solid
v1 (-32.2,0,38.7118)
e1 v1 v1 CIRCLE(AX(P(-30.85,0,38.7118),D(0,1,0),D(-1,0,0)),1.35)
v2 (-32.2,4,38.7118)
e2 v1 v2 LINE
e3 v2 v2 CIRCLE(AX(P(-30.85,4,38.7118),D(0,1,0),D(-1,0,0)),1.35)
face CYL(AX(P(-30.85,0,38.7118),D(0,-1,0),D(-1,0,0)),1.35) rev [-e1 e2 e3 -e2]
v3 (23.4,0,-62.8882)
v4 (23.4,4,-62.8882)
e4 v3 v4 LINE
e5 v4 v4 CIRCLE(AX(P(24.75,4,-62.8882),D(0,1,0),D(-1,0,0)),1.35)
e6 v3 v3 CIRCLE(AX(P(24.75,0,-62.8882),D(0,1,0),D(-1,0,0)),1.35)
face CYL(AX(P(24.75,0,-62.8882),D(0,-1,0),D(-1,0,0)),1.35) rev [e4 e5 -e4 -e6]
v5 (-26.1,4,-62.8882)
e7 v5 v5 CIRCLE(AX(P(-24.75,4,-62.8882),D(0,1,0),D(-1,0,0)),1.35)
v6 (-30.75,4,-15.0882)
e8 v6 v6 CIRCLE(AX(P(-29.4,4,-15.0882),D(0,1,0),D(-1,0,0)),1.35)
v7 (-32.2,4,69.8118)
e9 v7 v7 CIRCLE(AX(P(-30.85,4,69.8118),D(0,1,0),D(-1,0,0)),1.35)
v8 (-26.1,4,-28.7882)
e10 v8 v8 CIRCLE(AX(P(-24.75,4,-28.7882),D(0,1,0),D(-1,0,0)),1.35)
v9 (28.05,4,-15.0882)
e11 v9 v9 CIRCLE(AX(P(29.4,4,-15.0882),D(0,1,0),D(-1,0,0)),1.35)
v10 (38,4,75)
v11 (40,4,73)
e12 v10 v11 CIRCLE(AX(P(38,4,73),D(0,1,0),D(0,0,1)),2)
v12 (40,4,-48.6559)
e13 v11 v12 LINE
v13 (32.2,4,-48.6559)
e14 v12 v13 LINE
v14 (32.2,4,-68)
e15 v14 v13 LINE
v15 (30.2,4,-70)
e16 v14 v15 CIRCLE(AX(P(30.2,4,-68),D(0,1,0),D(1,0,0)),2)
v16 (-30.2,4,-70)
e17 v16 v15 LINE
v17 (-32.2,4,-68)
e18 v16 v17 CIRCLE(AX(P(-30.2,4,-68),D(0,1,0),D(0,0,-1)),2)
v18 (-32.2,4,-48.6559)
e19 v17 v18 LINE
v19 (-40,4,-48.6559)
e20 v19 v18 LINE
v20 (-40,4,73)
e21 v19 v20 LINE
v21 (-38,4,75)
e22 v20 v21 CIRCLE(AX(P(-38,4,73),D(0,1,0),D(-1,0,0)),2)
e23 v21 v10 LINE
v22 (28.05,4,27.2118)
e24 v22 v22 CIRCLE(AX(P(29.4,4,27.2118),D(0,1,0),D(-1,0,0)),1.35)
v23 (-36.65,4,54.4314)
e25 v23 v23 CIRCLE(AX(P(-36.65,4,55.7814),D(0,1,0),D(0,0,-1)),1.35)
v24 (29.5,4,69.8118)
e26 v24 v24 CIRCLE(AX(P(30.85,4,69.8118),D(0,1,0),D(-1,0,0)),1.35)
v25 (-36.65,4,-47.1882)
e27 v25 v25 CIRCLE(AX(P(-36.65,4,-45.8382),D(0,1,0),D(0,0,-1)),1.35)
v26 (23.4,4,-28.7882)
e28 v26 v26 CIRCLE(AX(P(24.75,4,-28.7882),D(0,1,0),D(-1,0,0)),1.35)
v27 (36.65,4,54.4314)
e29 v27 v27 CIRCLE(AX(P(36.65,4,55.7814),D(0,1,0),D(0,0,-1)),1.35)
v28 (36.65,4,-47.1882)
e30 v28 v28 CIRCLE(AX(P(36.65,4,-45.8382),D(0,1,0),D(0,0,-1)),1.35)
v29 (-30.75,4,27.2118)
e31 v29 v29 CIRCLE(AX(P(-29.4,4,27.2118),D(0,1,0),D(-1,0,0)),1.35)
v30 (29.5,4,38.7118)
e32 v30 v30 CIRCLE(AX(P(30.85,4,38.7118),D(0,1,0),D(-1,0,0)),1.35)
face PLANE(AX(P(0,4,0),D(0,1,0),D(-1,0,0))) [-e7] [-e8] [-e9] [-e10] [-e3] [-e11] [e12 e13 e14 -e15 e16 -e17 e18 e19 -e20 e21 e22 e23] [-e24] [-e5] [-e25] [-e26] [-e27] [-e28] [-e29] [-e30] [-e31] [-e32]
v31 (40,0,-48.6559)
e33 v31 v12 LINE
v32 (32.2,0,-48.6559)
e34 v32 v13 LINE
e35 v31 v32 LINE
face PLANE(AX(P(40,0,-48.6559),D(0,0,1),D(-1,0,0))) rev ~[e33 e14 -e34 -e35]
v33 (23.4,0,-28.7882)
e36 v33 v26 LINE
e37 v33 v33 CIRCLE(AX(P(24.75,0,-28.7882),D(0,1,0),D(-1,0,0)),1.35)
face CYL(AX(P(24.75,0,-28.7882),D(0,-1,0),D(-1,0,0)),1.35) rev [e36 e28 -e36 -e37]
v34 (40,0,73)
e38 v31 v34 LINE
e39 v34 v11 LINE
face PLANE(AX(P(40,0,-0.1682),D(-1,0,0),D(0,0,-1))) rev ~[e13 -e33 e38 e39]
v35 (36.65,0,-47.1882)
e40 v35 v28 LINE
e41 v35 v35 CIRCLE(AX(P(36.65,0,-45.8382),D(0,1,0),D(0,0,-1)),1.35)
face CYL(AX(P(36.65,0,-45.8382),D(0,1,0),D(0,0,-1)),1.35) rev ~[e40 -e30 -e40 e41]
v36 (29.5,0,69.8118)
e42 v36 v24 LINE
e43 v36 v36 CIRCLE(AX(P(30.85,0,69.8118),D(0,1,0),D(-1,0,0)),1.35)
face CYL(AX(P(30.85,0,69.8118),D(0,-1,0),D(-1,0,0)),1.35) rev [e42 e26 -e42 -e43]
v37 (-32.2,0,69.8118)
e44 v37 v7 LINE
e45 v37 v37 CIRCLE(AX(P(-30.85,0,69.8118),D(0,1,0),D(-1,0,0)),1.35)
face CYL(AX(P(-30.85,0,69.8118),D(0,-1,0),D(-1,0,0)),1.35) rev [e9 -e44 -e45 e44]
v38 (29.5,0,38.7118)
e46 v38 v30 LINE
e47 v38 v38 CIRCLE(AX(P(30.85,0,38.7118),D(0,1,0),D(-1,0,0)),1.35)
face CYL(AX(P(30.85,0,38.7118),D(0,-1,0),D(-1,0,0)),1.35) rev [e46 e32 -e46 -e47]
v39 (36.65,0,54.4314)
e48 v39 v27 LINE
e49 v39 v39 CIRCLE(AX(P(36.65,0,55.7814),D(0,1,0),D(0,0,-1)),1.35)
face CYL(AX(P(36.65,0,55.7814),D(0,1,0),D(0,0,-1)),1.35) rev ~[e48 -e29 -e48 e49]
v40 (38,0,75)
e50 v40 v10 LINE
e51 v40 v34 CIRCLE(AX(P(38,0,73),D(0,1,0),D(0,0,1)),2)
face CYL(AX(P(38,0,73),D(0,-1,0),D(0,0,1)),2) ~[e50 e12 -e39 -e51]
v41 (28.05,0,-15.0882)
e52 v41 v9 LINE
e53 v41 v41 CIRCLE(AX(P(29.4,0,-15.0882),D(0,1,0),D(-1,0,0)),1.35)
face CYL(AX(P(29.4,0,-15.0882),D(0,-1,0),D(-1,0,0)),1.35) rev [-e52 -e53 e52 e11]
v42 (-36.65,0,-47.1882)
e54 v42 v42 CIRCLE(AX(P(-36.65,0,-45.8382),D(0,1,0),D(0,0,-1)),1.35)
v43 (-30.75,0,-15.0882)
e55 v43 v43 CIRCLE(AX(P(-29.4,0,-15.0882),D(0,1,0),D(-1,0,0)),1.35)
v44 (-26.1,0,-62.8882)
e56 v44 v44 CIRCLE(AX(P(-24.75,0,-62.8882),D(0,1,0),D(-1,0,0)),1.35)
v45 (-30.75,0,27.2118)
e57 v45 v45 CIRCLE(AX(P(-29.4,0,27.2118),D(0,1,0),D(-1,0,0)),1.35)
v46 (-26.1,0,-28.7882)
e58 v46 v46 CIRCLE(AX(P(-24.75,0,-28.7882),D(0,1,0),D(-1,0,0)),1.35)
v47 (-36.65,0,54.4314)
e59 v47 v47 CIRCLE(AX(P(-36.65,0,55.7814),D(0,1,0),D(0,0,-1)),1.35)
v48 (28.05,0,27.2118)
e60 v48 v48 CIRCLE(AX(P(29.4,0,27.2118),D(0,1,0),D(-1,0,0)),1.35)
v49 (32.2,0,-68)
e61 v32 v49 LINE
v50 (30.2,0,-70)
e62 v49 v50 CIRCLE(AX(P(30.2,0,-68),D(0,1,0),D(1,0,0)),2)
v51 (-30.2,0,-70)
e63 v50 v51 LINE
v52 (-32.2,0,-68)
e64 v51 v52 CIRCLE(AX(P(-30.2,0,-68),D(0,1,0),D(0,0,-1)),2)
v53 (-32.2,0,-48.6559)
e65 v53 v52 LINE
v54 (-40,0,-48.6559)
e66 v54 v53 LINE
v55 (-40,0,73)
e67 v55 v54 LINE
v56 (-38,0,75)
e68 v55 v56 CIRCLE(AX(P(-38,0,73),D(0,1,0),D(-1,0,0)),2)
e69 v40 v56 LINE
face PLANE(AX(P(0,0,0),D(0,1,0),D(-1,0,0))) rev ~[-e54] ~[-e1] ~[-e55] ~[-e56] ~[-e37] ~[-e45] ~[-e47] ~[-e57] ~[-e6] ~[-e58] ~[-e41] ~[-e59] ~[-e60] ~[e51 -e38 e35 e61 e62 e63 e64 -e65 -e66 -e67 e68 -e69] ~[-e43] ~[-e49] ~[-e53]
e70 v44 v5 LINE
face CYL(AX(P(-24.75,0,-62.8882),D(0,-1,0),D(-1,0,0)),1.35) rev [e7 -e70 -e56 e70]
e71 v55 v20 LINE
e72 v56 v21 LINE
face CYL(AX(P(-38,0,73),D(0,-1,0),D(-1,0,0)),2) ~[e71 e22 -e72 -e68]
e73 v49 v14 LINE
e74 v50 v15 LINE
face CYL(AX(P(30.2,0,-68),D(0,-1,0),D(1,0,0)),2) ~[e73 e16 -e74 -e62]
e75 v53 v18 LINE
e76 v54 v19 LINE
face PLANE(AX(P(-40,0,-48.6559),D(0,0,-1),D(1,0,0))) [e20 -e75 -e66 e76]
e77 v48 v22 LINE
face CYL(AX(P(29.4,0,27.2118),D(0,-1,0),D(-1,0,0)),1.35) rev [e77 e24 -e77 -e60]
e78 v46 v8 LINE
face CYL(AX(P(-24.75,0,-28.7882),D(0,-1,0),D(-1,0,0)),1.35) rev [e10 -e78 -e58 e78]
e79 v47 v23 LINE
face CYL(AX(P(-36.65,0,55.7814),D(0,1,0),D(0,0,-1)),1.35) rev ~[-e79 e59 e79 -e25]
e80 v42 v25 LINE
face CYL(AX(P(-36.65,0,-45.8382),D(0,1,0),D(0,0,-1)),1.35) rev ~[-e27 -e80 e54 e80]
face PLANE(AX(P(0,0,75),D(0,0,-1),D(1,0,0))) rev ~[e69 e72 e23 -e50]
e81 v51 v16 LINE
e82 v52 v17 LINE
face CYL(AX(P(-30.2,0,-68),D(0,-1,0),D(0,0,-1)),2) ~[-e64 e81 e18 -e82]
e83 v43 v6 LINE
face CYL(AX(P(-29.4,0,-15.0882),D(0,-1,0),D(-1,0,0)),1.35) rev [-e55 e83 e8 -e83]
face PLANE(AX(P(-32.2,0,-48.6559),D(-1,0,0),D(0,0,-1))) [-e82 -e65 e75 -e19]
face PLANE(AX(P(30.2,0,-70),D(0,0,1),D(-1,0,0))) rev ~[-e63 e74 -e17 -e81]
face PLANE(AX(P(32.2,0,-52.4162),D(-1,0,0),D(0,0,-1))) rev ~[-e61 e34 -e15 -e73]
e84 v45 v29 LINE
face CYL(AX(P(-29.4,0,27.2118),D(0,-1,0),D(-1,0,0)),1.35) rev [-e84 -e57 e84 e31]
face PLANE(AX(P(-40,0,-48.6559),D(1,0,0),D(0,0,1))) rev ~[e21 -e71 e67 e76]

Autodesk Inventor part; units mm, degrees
ref_plane "YZ Plane" through (0, 0, 0) normal (1, 0, 0) x (0, 1, 0)
ref_plane "XZ Plane" through (0, 0, 0) normal (0, 1, 0) x (-1, 0, 0)
ref_plane "XY Plane" through (0, 0, 0) normal (0, 0, 1) x (1, 0, 0)
sketch "Esboço1" plane through (0, 0, 0) normal (0, 1, 0) x (-1, 0, 0)
  line L0 (-30.2, -70) -> (30.2, -70)
  line L1 (40, -48.6559) -> (40, 73)
  line L2 (38, 75) -> (-38, 75)
  line L3 (-40, 73) -> (-40, -48.6559)
  line L4 (-40, -70) -> (40, 75) construction
  line L5 (40, -70) -> (-40, 75) construction
  line L6 (0, 77.1224) -> (0, -77.4589)
  line L7 (55.8999, -0.1682) -> (-68.6929, -0.1682)
  arc A0 (40, 73) -> (38, 75) centre (38, 73) ccw
  arc A1 (-38, 75) -> (-40, 73) centre (-38, 73) ccw
  line L8 (-33, 36.5618) -> (33, 36.5618)
  line L9 (33, 36.5618) -> (33, 71.9618)
  line L10 (33, 71.9618) -> (-33, 71.9618)
  line L11 (-33, 71.9618) -> (-33, 36.5618)
  line L12 (-33, 36.5618) -> (33, 71.9618) construction
  line L13 (33, 36.5618) -> (-33, 71.9618) construction
  line L14 (-35.75, -19.4382) -> (35.75, -19.4382)
  line L15 (35.75, -19.4382) -> (35.75, 31.5618)
  line L16 (35.75, 31.5618) -> (-35.75, 31.5618)
  line L17 (-35.75, 31.5618) -> (-35.75, -19.4382)
  line L18 (-35.75, -19.4382) -> (35.75, 31.5618) construction
  line L19 (35.75, -19.4382) -> (-35.75, 31.5618) construction
  line L20 (-27.1, -67.2382) -> (27.1, -67.2382)
  line L21 (29.1, -65.2382) -> (29.1, -26.4382)
  line L22 (27.1, -24.4382) -> (-27.1, -24.4382)
  line L23 (-29.1, -26.4382) -> (-29.1, -65.2382)
  line L24 (-29.1, -67.2382) -> (29.1, -24.4382) construction
  line L25 (29.1, -67.2382) -> (-29.1, -24.4382) construction
  arc A2 (29.1, -26.4382) -> (27.1, -24.4382) centre (27.1, -26.4382) ccw
  arc A3 (27.1, -67.2382) -> (29.1, -65.2382) centre (27.1, -65.2382) ccw
  arc A4 (-29.1, -65.2382) -> (-27.1, -67.2382) centre (-27.1, -65.2382) ccw
  arc A5 (-27.1, -24.4382) -> (-29.1, -26.4382) centre (-27.1, -26.4382) ccw
  circle A6 centre (30.85, 69.8118) radius 1.35
  circle A7 centre (-30.85, 69.8118) radius 1.35
  circle A8 centre (30.85, 38.7118) radius 1.35
  circle A9 centre (-30.85, 38.7118) radius 1.35
  circle A10 centre (29.4, 27.2118) radius 1.35
  circle A11 centre (-29.4, 27.2118) radius 1.35
  circle A12 centre (29.4, -15.0882) radius 1.35
  circle A13 centre (-29.4, -15.0882) radius 1.35
  line L26 (29.1, -45.8382) -> (-29.1, -45.8382)
  circle A14 centre (24.75, -28.7882) radius 1.35
  circle A15 centre (-24.75, -28.7882) radius 1.35
  circle A16 centre (24.75, -62.8882) radius 1.35
  circle A17 centre (-24.75, -62.8882) radius 1.35
  circle A18 centre (36.65, 55.7814) radius 1.35
  circle A19 centre (-36.65, 55.7814) radius 1.35
  circle A20 centre (36.65, -45.8382) radius 1.35
  circle A21 centre (-36.65, -45.8382) radius 1.35
  line L27 (32.2, -52.4162) -> (32.2, -68)
  line L28 (-32.2, -52.4162) -> (-32.2, -68)
  arc A22 (-32.2, -68) -> (-30.2, -70) centre (-30.2, -68) ccw
  arc A23 (30.2, -70) -> (32.2, -68) centre (30.2, -68) ccw
  line L29 (40, -48.6559) -> (32.2, -48.6559)
  line L30 (32.2, -48.6559) -> (32.2, -52.4162)
  line L31 (-40, -48.6559) -> (-32.2, -48.6559)
  line L32 (-32.2, -48.6559) -> (-32.2, -52.4162)
  point P0 (39.576, -69.2314)
  point P1 (0, 54.2618)
  point P2 (0, 6.0618)
  point P3 (0, -45.8382)
  point P4 (32.2, -70)
  point P5 (-32.2, -70)
  dimension "d8" = 2
  dimension "d13" = 35.4
  dimension "d14" = 71.5
  dimension "d16" = 58.2
  dimension "d18" = 5
  dimension "d19" = 5
  dimension "d21" = 2.7
  dimension "d22" = 0.8
  dimension "d23" = 0.8
  dimension "d24" = 2.7
  dimension "d25" = 3
  dimension "d26" = 5
  dimension "d27" = 2.7
  dimension "d28" = 3
  dimension "d30" = 3
  dimension "d33" = 2.7
  dimension "d34" = 2
  dimension "d36" = 2
  dimension "d45" = 3.35
  dimension "d46" = 17.2186
  dimension "d47" = 2
  dimension "d48" = 2
extrude "Extrusão1" add sketch "Esboço1" along normal blind 4 contours A22 L28 L32 L31 L3 L7 L17 L14 L6 L22 A5 L23 A4 L20 L0 | L6 L20 A3 L21 A2 L22 L14 L15 L7 L1 L29 L30 L27 A23 L0 | L20 A4 L23 L26 L6 | L6 L26 L21 A3 L20 | L26 L23 A5 L22 L6 | L6 L22 A2 L21 L26 | L14 L17 L7 L6 | L6 L7 L15 L14 | L3 A1 L2 L6 L10 L11 L8 L16 L17 L7 | L7 L17 L16 L6 | L6 L16 L15 L7 | L7 L15 L16 L6 L8 L9 L10 L2 A0 L1 | L8 L11 L10 L6 | L6 L10 L9 L8 | A18 | A19 | A20 | A21
hole "Furo1" at (36.65, 0, -45.8382) at (-36.65, 0, -45.8382) at (-36.65, 0, 55.7814) at (36.65, 0, 55.7814) direction (0, 1, 0) diameter 2.7 end through all
properties part number "BASE_ELETRONICA"
